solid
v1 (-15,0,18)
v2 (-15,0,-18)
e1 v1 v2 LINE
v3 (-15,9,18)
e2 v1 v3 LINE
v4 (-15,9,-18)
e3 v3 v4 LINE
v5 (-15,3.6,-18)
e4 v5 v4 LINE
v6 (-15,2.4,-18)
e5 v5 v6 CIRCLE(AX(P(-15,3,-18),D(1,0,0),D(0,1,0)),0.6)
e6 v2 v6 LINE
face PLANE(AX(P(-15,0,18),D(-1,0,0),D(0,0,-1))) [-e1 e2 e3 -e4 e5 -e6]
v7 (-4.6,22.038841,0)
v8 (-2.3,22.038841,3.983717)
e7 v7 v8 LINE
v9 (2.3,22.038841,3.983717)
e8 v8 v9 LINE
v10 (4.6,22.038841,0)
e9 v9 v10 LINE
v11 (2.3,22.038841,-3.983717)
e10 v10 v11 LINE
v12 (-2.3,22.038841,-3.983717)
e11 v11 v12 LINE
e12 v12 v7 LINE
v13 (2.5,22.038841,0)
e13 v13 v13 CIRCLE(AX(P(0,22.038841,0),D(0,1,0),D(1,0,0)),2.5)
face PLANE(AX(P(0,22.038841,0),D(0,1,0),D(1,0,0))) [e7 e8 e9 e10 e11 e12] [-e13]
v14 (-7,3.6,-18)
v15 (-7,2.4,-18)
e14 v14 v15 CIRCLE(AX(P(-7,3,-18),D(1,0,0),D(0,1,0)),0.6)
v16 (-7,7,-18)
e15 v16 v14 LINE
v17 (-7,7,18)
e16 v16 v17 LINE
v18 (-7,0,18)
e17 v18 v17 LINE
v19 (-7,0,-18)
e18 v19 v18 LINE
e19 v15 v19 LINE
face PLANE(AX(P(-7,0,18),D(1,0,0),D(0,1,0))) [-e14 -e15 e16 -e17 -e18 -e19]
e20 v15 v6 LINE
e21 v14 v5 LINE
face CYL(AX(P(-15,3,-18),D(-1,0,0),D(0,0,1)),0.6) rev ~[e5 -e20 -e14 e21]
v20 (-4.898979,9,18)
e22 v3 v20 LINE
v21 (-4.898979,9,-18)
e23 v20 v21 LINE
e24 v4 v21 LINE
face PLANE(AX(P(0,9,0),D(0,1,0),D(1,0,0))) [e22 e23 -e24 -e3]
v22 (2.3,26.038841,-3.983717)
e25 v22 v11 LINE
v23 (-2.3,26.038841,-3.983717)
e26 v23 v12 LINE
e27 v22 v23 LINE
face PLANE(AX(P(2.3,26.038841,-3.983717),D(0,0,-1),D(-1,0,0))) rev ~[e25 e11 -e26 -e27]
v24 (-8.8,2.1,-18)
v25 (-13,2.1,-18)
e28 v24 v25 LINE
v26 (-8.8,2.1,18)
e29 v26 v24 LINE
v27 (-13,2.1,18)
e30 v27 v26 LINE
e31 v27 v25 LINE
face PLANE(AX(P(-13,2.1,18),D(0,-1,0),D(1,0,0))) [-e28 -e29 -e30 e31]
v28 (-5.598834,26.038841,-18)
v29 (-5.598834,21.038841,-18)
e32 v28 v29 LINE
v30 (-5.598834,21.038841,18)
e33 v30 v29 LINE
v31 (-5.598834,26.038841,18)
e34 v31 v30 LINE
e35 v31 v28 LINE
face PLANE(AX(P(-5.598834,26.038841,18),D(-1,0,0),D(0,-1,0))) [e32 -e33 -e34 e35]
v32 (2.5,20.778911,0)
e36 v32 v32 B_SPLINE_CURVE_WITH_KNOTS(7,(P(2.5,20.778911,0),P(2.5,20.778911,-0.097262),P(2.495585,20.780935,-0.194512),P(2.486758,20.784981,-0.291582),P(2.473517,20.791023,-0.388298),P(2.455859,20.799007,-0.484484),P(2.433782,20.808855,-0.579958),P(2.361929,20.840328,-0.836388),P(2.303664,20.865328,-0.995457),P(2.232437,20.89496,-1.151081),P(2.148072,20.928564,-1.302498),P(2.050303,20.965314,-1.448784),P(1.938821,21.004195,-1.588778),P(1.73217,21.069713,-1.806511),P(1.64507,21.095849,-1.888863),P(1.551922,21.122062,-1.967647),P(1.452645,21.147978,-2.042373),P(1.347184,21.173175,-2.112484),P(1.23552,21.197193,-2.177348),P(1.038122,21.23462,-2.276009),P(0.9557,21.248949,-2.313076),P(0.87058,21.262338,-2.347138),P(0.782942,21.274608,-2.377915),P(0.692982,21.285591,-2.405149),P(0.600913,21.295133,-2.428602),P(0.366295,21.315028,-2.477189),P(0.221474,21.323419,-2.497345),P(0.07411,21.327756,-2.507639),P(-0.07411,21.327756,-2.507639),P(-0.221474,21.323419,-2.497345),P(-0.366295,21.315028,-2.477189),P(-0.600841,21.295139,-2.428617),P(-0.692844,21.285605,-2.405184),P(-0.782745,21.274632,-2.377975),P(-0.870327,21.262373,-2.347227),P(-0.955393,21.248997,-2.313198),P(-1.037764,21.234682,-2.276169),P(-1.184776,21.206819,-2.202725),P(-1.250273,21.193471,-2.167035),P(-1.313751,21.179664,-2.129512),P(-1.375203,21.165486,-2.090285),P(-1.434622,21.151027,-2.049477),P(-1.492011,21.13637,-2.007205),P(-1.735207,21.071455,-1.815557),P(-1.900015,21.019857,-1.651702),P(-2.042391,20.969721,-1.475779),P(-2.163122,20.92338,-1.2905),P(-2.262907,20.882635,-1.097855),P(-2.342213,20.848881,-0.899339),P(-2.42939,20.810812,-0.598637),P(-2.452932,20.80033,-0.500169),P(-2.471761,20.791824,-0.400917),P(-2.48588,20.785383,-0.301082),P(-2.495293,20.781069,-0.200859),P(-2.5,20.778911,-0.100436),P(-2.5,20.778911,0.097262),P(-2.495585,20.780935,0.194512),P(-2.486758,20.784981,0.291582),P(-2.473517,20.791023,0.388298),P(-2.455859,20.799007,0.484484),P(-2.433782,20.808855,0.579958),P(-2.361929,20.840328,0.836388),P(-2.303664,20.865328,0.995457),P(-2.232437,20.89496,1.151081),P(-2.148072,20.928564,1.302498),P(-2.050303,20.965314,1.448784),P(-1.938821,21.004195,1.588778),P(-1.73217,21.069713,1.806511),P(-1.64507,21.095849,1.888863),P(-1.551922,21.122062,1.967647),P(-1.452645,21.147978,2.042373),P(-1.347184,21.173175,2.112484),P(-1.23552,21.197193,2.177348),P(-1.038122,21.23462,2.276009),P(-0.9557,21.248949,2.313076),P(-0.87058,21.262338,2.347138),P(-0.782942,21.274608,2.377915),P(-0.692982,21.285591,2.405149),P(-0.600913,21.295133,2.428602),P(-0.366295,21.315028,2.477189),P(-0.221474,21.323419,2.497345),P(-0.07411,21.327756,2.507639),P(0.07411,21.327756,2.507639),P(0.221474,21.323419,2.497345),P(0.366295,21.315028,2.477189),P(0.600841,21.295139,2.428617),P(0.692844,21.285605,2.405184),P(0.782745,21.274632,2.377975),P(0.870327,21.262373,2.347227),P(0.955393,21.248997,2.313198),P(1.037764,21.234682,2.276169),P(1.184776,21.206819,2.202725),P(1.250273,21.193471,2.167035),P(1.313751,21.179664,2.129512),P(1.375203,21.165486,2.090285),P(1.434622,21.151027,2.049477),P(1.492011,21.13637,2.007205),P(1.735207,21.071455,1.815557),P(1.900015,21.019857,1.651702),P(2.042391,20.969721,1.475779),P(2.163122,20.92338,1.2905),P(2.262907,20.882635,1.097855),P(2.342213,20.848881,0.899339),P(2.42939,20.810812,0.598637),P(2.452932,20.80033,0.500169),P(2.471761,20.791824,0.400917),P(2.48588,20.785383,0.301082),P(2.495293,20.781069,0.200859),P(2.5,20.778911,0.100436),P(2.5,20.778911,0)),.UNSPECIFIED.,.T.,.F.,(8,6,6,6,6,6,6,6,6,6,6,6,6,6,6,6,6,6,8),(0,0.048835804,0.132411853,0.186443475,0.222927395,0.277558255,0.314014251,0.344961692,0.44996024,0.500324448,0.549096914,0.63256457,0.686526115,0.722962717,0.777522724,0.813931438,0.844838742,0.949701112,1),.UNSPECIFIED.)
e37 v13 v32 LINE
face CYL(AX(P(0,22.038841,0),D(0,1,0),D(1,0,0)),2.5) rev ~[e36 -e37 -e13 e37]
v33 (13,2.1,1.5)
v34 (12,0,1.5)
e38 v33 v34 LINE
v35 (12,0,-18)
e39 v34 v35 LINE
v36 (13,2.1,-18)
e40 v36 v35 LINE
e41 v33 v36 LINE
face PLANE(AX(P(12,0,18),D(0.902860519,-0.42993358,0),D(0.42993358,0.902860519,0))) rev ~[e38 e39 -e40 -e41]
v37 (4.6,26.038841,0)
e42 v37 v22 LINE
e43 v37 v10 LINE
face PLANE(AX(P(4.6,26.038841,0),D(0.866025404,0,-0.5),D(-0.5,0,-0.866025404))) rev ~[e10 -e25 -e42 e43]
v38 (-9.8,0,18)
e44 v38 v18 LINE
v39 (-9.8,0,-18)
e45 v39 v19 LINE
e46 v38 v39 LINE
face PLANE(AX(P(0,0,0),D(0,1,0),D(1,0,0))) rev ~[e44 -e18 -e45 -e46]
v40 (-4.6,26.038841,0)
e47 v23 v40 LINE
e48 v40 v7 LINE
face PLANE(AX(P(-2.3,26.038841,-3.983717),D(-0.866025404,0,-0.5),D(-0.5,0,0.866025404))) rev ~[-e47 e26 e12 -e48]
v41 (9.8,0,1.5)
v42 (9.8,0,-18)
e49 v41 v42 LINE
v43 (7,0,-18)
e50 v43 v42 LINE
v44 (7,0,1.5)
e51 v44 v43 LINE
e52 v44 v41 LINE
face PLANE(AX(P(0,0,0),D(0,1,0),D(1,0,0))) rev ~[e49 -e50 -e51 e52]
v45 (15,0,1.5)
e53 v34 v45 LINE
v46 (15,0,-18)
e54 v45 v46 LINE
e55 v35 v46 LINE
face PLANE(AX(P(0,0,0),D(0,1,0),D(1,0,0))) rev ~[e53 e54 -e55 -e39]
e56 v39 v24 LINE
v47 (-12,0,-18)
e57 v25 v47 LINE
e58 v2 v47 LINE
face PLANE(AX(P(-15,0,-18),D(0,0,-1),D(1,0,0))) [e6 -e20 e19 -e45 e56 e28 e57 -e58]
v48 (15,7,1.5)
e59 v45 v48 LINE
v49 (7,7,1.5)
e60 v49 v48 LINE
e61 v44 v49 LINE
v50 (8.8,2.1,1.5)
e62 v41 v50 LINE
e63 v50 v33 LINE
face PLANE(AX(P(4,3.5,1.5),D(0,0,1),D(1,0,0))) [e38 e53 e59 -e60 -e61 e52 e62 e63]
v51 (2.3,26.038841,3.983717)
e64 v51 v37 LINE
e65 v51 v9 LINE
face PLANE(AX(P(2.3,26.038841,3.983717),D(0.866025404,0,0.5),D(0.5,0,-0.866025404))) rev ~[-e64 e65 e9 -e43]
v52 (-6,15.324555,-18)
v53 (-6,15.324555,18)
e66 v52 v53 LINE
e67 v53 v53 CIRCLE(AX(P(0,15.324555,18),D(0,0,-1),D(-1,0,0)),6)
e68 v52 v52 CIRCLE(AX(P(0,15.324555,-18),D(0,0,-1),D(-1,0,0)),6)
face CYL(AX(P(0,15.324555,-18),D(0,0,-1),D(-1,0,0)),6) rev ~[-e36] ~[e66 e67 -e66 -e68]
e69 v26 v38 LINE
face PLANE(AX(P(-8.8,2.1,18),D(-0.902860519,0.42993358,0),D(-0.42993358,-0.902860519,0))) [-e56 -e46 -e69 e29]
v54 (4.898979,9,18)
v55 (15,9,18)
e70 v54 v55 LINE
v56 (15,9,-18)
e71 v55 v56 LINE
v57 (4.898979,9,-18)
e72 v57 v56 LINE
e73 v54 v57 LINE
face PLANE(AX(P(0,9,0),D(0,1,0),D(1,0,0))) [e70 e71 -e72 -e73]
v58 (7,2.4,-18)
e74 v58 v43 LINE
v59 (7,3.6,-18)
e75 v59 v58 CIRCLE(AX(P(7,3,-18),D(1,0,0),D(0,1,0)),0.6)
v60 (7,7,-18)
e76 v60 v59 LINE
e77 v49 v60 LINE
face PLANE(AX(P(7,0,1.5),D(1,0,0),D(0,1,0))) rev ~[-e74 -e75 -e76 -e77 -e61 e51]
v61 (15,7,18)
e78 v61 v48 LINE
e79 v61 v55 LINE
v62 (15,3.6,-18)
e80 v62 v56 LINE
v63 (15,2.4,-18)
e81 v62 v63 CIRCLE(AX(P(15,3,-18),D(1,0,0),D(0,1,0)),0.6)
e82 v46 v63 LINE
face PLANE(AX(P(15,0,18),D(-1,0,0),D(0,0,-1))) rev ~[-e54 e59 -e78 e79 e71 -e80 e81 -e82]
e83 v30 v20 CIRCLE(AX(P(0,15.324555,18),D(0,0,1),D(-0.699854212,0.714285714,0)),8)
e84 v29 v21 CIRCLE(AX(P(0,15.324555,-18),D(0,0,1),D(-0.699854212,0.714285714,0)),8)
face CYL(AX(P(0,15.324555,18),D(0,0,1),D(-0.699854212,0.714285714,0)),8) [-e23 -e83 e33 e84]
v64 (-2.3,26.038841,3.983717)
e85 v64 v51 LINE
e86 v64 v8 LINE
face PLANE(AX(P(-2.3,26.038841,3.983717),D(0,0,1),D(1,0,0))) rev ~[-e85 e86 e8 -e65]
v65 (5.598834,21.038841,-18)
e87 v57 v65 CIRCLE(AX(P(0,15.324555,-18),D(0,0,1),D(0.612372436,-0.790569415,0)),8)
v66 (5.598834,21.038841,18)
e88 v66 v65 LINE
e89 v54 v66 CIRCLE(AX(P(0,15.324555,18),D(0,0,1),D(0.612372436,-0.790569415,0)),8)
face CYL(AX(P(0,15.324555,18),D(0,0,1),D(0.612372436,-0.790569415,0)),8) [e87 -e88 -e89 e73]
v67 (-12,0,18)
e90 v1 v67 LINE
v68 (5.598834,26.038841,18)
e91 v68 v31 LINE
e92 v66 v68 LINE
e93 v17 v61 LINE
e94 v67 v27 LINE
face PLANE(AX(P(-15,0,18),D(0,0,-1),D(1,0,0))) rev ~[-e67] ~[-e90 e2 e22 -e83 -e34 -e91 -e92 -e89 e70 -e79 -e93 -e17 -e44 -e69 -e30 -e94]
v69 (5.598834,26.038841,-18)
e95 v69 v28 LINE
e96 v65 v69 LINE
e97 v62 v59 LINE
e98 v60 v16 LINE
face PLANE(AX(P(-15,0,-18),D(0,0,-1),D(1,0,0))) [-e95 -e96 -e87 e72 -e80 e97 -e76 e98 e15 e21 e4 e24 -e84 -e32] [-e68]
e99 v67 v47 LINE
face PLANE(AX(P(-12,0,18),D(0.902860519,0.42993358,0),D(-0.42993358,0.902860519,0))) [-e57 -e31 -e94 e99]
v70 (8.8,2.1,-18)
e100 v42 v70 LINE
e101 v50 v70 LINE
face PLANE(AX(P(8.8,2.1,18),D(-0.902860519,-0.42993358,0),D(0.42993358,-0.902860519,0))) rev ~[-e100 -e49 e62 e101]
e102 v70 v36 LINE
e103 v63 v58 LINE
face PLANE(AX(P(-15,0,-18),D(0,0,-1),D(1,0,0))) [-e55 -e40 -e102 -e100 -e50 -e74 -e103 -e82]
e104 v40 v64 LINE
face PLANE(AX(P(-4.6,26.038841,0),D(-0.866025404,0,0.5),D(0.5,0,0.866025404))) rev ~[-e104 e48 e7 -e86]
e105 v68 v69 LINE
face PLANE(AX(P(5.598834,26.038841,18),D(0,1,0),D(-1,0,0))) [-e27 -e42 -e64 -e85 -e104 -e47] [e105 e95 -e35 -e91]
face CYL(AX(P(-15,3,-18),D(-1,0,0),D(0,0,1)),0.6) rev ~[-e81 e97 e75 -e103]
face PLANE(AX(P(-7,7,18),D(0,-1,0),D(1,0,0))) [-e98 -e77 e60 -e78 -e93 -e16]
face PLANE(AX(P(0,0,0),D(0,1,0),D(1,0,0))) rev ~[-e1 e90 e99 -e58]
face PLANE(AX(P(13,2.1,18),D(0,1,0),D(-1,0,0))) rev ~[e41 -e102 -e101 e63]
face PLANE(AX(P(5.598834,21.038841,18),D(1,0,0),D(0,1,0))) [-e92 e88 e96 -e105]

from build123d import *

# Parameters (mm, degrees)
SKETCH1_W           = 30
SKETCH1_H           = 36
BOSS_EXTRUDE1_DEPTH = 9
CUT_EXTRUDE1_DEPTH  = 37
SKETCH3_W           = 22
SKETCH3_H           = 7
CUT_EXTRUDE2_DEPTH  = 16.5
SKETCH4_W           = 14
SKETCH4_H           = 7
CUT_EXTRUDE3_DEPTH  = 20.5
BOSS_EXTRUDE4_DEPTH = 36
SKETCH6_R           = 6
CUT_EXTRUDE4_DEPTH  = 37
CUT_EXTRUDE8_DEPTH  = 4
SKETCH8_R           = 2.5
CUT_EXTRUDE9_DEPTH  = 3
SKETCH9_R           = 0.6
CUT_EXTRUDE10_DEPTH = 31


with BuildPart() as part:
    # Sketch1 → Boss-Extrude1 (new body)
    with BuildSketch(Plane(origin=(0, 0, 0), x_dir=(1, 0, 0), z_dir=(0, 1, 0))):
        Rectangle(SKETCH1_W, SKETCH1_H)
    extrude(amount=BOSS_EXTRUDE1_DEPTH)

    # Sketch2 → Cut-Extrude1 (cut, through all)
    with BuildSketch(Plane.XY.offset(18)):
        Polygon((-12, 0), (-13, 2.1), (-8.8, 2.1), (-9.8, 0), align=None)
        Polygon((12, 0), (13, 2.1), (8.8, 2.1), (9.8, 0), align=None)
    extrude(amount=-CUT_EXTRUDE1_DEPTH, mode=Mode.SUBTRACT)

    # Sketch3 → Cut-Extrude2 (cut)
    with BuildSketch(Plane.XY.offset(18)):
        with Locations((4, 3.5)):
            Rectangle(SKETCH3_W, SKETCH3_H)
    extrude(amount=-CUT_EXTRUDE2_DEPTH, mode=Mode.SUBTRACT)

    # Sketch4 → Cut-Extrude3 (cut, through all)
    with BuildSketch(Plane.XY.offset(1.5)):
        with Locations((0, 3.5)):
            Rectangle(SKETCH4_W, SKETCH4_H)
    extrude(amount=-CUT_EXTRUDE3_DEPTH, mode=Mode.SUBTRACT)

    # Sketch5 → Boss-Extrude4 (add)
    with BuildSketch(Plane.XY.offset(18)):
        with BuildLine():
            Line((-4.898979486, 9), (4.898979486, 9))
            ThreePointArc((4.898979486, 9), (7.986516373, 14.860274987), (5.598833698, 21.038841035))
            Line((5.598833698, 21.038841035), (5.598833698, 26.038841035))
            Line((5.598833698, 26.038841035), (-5.598833698, 26.038841035))
            Line((-5.598833698, 26.038841035), (-5.598833698, 21.038841035))
            ThreePointArc((-5.598833698, 21.038841035), (-7.986516373, 14.860274987), (-4.898979486, 9))
        make_face()
    extrude(amount=-BOSS_EXTRUDE4_DEPTH)

    # Sketch6 → Cut-Extrude4 (cut, through all)
    with BuildSketch(Plane(origin=(0, 0, -18), x_dir=(-1, 0, 0), z_dir=(0, 0, -1))):
        with Locations((0, 15.32455532)):
            Circle(SKETCH6_R)
    extrude(amount=-CUT_EXTRUDE4_DEPTH, mode=Mode.SUBTRACT)

    # Sketch7 → Cut-Extrude8 (cut)
    with BuildSketch(Plane(origin=(0, 26.038841035, 0), x_dir=(1, 0, 0), z_dir=(0, 1, 0))):
        Polygon((2.3, -3.983716857), (4.6, 0), (2.3, 3.983716857), (-2.3, 3.983716857), (-4.6, 0), (-2.3, -3.983716857), align=None)
    extrude(amount=-CUT_EXTRUDE8_DEPTH, mode=Mode.SUBTRACT)

    # Sketch8 → Cut-Extrude9 (cut)
    with BuildSketch(Plane(origin=(0, 22.038841035, 0), x_dir=(1, 0, 0), z_dir=(0, 1, 0))):
        Circle(SKETCH8_R)
    extrude(amount=-CUT_EXTRUDE9_DEPTH, mode=Mode.SUBTRACT)

    # Sketch9 → Cut-Extrude10 (cut, through all)
    with BuildSketch(Plane.ZY.offset(15)):
        with Locations((-18, 3)):
            Circle(SKETCH9_R)
    extrude(amount=-CUT_EXTRUDE10_DEPTH, mode=Mode.SUBTRACT)


solid = part.part
